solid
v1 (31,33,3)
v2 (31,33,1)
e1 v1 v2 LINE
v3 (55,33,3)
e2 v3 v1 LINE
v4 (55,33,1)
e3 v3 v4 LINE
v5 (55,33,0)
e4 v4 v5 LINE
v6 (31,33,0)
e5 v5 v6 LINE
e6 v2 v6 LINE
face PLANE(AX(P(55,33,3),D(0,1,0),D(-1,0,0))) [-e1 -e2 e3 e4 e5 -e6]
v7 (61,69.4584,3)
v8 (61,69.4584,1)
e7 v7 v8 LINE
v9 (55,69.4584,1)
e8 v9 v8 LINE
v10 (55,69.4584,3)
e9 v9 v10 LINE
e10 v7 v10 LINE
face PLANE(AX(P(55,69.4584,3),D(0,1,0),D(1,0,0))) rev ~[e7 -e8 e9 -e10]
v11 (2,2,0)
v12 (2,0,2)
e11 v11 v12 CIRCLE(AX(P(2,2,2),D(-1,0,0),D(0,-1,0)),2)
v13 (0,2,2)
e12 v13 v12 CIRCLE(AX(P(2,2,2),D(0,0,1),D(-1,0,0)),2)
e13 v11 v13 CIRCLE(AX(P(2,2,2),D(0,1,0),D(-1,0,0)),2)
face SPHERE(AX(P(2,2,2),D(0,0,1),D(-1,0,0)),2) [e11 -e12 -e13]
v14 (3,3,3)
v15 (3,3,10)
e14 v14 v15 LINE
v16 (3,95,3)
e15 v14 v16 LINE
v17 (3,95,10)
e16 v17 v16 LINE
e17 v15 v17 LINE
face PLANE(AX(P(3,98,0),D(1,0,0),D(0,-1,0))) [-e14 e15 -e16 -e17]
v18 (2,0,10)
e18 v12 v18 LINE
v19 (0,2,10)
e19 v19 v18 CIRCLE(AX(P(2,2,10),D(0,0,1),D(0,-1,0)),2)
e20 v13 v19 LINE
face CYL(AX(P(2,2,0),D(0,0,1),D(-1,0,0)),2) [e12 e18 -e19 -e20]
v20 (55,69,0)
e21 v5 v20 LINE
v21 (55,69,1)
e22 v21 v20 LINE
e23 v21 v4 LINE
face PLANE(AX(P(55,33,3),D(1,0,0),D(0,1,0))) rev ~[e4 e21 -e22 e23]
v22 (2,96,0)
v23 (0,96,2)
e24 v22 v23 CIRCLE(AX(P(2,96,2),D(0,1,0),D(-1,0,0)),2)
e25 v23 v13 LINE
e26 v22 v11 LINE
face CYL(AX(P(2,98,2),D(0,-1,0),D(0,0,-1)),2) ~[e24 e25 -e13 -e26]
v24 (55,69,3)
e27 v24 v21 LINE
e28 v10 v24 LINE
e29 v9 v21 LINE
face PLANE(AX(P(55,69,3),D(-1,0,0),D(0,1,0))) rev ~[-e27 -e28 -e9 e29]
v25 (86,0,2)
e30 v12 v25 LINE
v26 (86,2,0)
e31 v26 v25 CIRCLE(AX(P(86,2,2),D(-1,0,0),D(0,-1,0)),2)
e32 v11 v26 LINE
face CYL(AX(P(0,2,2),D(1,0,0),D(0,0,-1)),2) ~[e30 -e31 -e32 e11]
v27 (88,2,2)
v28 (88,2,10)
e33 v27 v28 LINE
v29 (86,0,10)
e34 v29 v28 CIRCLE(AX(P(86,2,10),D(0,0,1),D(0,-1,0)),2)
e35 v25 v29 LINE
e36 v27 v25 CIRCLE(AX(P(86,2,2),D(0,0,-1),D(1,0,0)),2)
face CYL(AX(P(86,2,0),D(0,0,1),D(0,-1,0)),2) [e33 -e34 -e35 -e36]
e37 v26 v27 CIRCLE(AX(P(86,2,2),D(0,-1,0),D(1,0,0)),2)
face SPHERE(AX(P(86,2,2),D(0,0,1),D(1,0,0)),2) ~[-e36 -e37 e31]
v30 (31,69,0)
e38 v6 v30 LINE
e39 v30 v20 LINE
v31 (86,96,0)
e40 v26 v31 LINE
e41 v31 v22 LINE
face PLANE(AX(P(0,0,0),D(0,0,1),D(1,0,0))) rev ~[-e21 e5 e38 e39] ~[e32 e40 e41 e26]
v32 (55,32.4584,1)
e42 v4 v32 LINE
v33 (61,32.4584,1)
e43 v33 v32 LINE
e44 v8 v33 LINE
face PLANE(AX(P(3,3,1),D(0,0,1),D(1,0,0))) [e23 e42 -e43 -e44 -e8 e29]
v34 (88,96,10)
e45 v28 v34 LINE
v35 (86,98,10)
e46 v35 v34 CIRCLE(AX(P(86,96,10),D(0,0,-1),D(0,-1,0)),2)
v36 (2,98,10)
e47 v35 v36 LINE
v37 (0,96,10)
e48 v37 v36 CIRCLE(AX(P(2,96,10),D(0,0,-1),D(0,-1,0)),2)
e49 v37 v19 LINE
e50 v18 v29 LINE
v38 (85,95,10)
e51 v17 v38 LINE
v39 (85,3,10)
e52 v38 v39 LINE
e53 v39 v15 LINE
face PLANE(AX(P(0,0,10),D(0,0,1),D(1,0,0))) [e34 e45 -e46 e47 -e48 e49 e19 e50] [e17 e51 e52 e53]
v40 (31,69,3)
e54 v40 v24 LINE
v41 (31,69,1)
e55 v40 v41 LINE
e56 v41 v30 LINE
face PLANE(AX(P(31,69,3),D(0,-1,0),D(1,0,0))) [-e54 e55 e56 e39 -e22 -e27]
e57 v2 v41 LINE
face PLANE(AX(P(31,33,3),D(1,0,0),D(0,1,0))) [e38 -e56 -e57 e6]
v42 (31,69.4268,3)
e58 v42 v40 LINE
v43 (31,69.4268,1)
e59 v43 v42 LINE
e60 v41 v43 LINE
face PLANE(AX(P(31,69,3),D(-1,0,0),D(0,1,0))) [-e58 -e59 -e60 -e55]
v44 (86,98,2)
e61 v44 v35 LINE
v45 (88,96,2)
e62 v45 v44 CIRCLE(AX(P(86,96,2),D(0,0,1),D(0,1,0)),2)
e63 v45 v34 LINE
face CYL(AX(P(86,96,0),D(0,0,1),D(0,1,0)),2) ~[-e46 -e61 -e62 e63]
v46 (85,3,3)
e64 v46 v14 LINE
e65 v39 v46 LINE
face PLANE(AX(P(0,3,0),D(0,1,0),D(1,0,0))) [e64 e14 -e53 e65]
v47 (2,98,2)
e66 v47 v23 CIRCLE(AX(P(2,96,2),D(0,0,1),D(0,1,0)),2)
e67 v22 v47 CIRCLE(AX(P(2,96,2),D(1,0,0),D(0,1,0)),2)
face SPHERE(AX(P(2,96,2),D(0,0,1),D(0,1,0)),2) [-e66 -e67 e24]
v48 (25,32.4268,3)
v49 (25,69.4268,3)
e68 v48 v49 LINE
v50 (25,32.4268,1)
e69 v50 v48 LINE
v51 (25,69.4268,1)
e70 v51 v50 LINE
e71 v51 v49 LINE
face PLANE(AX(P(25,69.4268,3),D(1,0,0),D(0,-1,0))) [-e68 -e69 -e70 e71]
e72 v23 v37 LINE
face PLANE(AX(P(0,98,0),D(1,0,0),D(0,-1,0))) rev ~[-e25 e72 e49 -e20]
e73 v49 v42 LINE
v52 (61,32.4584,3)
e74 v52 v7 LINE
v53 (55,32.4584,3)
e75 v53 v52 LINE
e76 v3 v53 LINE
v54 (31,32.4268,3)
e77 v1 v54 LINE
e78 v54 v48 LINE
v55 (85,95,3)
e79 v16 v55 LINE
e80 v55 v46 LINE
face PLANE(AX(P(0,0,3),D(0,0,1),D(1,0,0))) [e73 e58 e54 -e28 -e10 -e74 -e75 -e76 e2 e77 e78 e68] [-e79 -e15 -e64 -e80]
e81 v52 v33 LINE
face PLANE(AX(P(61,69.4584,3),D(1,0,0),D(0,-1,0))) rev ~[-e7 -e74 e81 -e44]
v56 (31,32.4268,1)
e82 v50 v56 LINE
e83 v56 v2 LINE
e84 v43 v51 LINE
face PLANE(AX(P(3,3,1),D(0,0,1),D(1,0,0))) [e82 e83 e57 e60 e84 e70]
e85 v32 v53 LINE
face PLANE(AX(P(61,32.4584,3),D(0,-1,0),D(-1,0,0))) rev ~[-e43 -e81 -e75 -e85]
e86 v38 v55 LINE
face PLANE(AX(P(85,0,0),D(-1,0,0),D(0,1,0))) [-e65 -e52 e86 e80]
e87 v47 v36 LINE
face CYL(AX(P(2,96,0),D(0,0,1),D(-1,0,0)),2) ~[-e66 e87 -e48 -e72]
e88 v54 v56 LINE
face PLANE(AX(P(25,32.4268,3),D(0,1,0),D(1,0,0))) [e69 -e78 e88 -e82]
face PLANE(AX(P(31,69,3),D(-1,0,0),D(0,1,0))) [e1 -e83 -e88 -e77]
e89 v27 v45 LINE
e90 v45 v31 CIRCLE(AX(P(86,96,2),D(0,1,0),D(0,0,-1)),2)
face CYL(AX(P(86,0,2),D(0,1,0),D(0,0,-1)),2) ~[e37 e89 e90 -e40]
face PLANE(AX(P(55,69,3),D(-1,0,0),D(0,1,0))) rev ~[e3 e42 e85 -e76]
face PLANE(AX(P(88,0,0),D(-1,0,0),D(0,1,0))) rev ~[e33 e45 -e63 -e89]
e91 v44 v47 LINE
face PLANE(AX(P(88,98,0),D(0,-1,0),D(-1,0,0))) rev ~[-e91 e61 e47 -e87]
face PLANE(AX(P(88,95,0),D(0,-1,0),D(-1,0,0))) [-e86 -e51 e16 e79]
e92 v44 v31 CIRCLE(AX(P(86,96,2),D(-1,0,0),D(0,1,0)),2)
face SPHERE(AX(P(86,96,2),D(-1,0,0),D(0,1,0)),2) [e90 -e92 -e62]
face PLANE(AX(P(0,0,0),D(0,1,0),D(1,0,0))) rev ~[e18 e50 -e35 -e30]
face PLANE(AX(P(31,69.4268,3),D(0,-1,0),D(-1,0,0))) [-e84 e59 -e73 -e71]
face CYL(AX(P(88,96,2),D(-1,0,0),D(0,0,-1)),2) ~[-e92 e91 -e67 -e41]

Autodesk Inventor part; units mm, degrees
ref_plane "YZ Plane" through (0, 0, 0) normal (1, 0, 0) x (0, 1, 0)
ref_plane "XZ Plane" through (0, 0, 0) normal (0, 1, 0) x (-1, 0, 0)
ref_plane "XY Plane" through (0, 0, 0) normal (0, 0, 1) x (1, 0, 0)
sketch "Esquisse8" plane through (0, 0, 0) normal (0, 0, 1) x (1, 0, 0)
  line L0 (3, 3) -> (85, 3)
  line L1 (85, 3) -> (85, 95)
  line L2 (85, 95) -> (3, 95)
  line L3 (3, 95) -> (3, 3)
  line L4 (0, 0) -> (88, 0)
  line L5 (88, 0) -> (88, 98)
  line L6 (88, 98) -> (0, 98)
  line L7 (0, 98) -> (0, 0)
  dimension "d34" = 3
  dimension "d35" = 3
  dimension "d36" = 3
  dimension "d37" = 92
  dimension "d38" = 88
  dimension "d39" = 3
  dimension "d51" = 92
extrude "Extrusion5" add sketch "Esquisse8" along normal blind 10 contours L3 L2 L1 L0 | L7 L6 L5 L4
shell "Coque5" thickness 3 removed faces 1 at (58.6667, 32.6667, 10)
sketch "Esquisse9" plane through (3, 3, 3) normal (0, 0, 1) x (1, 0, 0)
  line L0 (52, 66) -> (64, 66)
  line L1 (64, 66) -> (64, 30)
  line L2 (64, 30) -> (52, 30)
  line L3 (52, 30) -> (52, 66)
  line L4 (82, 92) -> (82, 0) projected
  line L5 (0, 0) -> (82, 0) projected
  line L6 (0, 92) -> (0, 0) projected
  line L7 (52, 30) -> (28, 30)
  line L8 (28, 30) -> (28, 66)
  line L9 (28, 66) -> (52, 66)
  line L10 (52, 66) -> (52, 30)
  point P0 (-3, -3)
  dimension "d49" = 18
  dimension "d52" = 30
  dimension "d53" = 52
  dimension "d56" = 36
  dimension "d59" = 24
  dimension "d60" = 36
extrude "Extrusion6" cut sketch "Esquisse9" against normal blind 3 contours L3 L7 L8 L9
sketch "Esquisse11" plane through (3, 3, 3) normal (0, 0, 1) x (1, 0, 0)
  point P0 (-3, -3)
sketch "Esquisse12" plane through (3, 3, 3) normal (0, 0, 1) x (1, 0, 0)
  line L0 (28, 66.4268) -> (22, 66.4268)
  line L1 (22, 66.4268) -> (22, 29.4268)
  line L2 (22, 29.4268) -> (28, 29.4268)
  line L3 (28, 29.4268) -> (28, 66.4268)
  line L4 (28, 30) -> (28, 66) projected
  point P0 (-3, -3)
  dimension "d63" = 6
  dimension "d64" = 37
extrude "Extrusion7" cut sketch "Esquisse12" along normal mid plane 4
ref_plane "Plan de construction2" through (44, 3, 3) normal (1, 0, 0) x (0, 0, -1)
sketch "Esquisse13" plane through (3, 3, 3) normal (0, 0, 1) x (1, 0, 0)
  line L0 (52, 66.4584) -> (58, 66.4584)
  line L1 (58, 66.4584) -> (58, 29.4584)
  line L2 (58, 29.4584) -> (52, 29.4584)
  line L3 (52, 29.4584) -> (52, 66.4584)
  line L4 (52, 66) -> (52, 30) projected
  point P0 (-3, -3)
  dimension "d67" = 6
  dimension "d68" = 37
extrude "Extrusion8" cut sketch "Esquisse13" along normal mid plane 4
fillet "Congé2" radius 2 8 edges at (0, 0, 5) (0, 98, 5) (44, 98, 0) (88, 98, 5) (88, 0, 5) (88, 49, 0) (0, 49, 0) (44, 0, 0)
properties part number "couvercle 2" material "Plastique ABS"
